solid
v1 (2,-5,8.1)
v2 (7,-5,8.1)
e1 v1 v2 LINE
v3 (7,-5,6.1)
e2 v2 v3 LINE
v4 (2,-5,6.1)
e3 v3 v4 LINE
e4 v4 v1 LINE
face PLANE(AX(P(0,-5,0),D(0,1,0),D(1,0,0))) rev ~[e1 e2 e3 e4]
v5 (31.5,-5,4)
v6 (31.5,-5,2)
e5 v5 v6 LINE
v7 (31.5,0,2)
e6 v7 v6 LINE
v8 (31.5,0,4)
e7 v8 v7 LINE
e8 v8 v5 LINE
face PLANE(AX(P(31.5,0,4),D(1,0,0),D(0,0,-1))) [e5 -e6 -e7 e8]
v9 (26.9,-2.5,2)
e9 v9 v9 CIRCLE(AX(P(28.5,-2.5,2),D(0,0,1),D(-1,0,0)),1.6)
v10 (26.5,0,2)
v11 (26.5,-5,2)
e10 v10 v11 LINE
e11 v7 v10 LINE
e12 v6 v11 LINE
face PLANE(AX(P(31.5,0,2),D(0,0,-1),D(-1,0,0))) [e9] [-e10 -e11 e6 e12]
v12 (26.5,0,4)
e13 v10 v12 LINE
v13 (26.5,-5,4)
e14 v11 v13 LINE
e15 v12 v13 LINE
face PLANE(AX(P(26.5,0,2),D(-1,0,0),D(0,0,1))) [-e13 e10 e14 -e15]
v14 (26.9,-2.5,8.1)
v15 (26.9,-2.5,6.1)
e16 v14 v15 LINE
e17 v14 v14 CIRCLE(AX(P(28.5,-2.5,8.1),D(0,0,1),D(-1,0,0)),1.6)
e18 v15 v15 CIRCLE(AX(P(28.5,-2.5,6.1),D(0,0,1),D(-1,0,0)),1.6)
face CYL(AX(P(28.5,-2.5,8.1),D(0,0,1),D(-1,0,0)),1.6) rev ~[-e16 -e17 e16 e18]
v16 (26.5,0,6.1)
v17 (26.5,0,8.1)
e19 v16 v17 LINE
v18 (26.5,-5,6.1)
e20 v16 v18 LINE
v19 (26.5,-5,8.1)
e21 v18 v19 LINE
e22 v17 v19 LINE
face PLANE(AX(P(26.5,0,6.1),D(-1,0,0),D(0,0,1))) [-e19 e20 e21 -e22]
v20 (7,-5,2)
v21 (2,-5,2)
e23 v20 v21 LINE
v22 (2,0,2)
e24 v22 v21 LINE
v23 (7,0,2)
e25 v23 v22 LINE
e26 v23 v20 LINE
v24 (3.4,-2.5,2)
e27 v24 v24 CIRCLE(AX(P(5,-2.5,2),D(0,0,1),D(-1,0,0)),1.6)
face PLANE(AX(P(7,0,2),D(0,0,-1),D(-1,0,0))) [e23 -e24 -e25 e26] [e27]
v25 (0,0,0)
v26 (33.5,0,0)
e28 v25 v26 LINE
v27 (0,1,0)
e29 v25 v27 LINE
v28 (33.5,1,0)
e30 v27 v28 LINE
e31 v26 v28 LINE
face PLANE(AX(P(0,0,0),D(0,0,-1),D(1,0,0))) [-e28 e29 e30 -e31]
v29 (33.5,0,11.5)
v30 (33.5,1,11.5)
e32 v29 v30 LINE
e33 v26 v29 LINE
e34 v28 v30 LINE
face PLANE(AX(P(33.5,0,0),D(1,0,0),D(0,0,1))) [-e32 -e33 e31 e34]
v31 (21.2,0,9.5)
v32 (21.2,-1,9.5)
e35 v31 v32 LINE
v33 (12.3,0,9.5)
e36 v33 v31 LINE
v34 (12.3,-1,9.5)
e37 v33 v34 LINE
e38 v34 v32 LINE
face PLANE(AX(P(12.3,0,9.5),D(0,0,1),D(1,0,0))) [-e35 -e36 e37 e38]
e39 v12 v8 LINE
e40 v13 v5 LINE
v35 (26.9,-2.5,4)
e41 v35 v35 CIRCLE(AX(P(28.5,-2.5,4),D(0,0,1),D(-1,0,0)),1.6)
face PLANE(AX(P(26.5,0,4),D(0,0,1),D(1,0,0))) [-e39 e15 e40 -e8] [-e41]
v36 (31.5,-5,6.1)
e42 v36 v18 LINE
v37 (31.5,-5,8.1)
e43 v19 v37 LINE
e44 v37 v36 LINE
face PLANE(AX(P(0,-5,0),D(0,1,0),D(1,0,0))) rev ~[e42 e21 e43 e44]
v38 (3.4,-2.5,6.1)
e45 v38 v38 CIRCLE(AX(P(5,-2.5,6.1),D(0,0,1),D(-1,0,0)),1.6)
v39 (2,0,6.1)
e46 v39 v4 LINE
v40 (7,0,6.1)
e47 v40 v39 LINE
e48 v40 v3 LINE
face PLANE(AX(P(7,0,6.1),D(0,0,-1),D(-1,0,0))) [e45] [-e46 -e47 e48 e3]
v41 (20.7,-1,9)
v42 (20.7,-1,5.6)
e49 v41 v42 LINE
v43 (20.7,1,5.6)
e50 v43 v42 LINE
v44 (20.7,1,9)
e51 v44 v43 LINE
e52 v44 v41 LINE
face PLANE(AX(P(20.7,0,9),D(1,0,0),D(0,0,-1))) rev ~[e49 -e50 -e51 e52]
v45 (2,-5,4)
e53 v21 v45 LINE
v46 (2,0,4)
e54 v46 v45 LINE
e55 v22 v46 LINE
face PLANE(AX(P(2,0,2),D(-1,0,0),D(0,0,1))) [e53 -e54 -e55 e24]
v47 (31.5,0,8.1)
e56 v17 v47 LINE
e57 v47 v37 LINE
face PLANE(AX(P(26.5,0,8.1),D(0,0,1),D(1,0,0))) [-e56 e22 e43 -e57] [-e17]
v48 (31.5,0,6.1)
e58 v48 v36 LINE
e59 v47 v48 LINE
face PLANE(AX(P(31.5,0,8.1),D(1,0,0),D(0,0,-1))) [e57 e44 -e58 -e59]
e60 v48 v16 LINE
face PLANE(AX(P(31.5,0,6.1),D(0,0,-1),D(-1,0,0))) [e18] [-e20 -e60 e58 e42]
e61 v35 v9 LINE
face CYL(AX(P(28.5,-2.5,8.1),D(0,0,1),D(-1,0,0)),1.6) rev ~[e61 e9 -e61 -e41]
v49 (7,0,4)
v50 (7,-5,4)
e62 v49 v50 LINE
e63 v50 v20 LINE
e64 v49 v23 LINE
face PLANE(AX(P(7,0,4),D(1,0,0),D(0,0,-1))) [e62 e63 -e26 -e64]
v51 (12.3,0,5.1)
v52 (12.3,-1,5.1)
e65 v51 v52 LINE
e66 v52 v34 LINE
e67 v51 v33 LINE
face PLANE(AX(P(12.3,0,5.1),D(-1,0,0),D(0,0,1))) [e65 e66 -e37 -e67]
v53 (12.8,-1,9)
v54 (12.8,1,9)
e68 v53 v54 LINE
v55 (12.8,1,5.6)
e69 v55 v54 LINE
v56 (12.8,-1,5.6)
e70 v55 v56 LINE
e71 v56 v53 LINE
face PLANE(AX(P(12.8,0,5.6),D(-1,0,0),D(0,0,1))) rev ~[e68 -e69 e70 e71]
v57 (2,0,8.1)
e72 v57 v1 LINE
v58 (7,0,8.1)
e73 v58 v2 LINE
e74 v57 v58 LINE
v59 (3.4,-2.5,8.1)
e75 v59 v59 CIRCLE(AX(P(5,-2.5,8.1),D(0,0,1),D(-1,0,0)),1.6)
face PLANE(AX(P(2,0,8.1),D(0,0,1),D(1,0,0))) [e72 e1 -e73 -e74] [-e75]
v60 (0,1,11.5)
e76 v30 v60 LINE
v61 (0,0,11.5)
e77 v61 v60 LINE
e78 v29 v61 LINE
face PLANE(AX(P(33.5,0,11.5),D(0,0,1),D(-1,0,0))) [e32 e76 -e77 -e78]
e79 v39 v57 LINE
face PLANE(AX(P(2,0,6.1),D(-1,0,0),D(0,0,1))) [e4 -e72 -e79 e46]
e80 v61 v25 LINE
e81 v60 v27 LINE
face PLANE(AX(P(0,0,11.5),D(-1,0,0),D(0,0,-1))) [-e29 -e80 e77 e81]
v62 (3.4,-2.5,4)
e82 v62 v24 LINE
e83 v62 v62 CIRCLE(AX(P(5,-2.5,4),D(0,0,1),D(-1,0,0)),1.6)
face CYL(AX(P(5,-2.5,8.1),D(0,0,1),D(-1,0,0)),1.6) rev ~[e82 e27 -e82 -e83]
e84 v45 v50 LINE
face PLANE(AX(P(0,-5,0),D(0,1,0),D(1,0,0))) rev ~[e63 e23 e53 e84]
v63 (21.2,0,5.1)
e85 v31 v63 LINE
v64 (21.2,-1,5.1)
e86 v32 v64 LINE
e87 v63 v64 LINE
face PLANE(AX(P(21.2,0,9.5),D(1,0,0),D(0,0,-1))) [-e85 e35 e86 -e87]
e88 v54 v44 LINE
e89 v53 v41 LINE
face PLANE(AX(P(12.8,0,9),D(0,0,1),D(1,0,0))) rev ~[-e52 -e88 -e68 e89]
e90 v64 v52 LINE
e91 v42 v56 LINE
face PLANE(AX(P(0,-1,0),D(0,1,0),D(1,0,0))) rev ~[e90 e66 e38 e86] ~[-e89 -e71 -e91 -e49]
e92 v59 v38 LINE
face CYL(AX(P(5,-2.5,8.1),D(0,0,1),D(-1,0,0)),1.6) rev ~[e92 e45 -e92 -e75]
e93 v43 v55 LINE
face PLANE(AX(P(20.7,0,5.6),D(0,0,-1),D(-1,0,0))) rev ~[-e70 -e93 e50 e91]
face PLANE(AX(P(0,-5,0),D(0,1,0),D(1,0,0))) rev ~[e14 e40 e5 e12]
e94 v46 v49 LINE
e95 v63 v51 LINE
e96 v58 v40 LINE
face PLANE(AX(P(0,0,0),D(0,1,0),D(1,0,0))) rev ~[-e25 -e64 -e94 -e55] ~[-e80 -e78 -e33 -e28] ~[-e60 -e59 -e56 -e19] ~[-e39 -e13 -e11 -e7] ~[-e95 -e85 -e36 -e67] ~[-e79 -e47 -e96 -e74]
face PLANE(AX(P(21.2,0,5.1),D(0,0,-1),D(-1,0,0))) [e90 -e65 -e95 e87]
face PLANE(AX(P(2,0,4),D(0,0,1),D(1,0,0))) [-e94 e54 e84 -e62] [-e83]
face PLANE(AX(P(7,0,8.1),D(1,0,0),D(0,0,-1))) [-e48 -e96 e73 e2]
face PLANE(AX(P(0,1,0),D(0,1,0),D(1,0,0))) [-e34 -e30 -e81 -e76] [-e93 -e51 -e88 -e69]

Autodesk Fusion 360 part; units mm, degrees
sketch "Sketch1" plane through (0, 0, 0) normal (0, 1, 0) x (1, 0, 0)
  line L0 (0, 0) -> (33.5, 0)
  line L1 (33.5, 0) -> (33.5, -11.5)
  line L2 (33.5, -11.5) -> (0, -11.5)
  line L3 (0, -11.5) -> (0, 0)
  line L4 (12.8, -9) -> (20.7, -9)
  line L5 (20.7, -9) -> (20.7, -5.6)
  line L6 (20.7, -5.6) -> (12.8, -5.6)
  line L7 (12.8, -5.6) -> (12.8, -9)
  line L8 (12.3, -9.5) -> (21.2, -9.5)
  line L9 (21.2, -9.5) -> (21.2, -5.1)
  line L10 (21.2, -5.1) -> (12.3, -5.1)
  line L11 (12.3, -5.1) -> (12.3, -9.5)
  line L12 (3.5, -5.8) -> (6.5, -5.8)
  line L13 (6.5, -5.8) -> (6.5, -4.3)
  line L14 (6.5, -4.3) -> (3.5, -4.3)
  line L15 (3.5, -4.3) -> (3.5, -5.8)
  line L16 (27, -5.8) -> (30, -5.8)
  line L17 (30, -5.8) -> (30, -4.3)
  line L18 (30, -4.3) -> (27, -4.3)
  line L19 (27, -4.3) -> (27, -5.8)
  line L20 (2, -8.1) -> (7, -8.1)
  line L21 (7, -8.1) -> (7, -6.1)
  line L22 (7, -6.1) -> (2, -6.1)
  line L23 (2, -6.1) -> (2, -8.1)
  line L24 (2, -4) -> (7, -4)
  line L25 (7, -4) -> (7, -2)
  line L26 (7, -2) -> (2, -2)
  line L27 (2, -2) -> (2, -4)
  line L28 (26.5, -8.1) -> (31.5, -8.1)
  line L29 (31.5, -8.1) -> (31.5, -6.1)
  line L30 (31.5, -6.1) -> (26.5, -6.1)
  line L31 (26.5, -6.1) -> (26.5, -8.1)
  line L32 (26.5, -4) -> (31.5, -4)
  line L33 (31.5, -4) -> (31.5, -2)
  line L34 (31.5, -2) -> (26.5, -2)
  line L35 (26.5, -2) -> (26.5, -4)
  dimension "d1" = 7.9
  dimension "d2" = 3.4
  dimension "d3" = 8.9
  dimension "d4" = 4.4
  dimension "d5" = 0.5
  dimension "d6" = 0.5
  dimension "d7" = 3
  dimension "d8" = 1.5
  dimension "d9" = 3
  dimension "d10" = 1.5
  dimension "d12" = 0.2
  dimension "d14" = 0.2
  dimension "d15" = 5
  dimension "d16" = 2
  dimension "d17" = 0.3
  dimension "d18" = 1.5
  dimension "d19" = 5
  dimension "d20" = 2
  dimension "d21" = 1.5
  dimension "d22" = 0.3
  dimension "d23" = 5
  dimension "d24" = 2
  dimension "d25" = 5
  dimension "d26" = 2
  dimension "d27" = 0.5
  dimension "d28" = 0.3
  dimension "d29" = 0.3
  dimension "d30" = 0.5
  dimension "d31" = 2
  dimension "d32" = 2
  dimension "d33" = 2
  dimension "d34" = 2
  dimension "d49" = 20.5
  dimension "d50" = 6.3
extrude "Extrude1" add sketch "Sketch1" along normal blind 1 contours L0 L1 L2 L3 | L8 L9 L10 L11 | L12 L13 L14 L15 | L16 L17 L18 L19 | L20 L21 L22 L23 | L24 L25 L26 L27 | L28 L29 L30 L31 | L32 L33 L34 L35
extrude "Extrude2" add sketch "Sketch1" against normal blind 1 contours L8 L9 L10 L11
extrude "Extrude3" add sketch "Sketch1" against normal blind 5 contours L20 L21 L22 L23 | L24 L25 L26 L27 | L28 L29 L30 L31 | L32 L33 L34 L35
sketch "Sketch2" plane through (0, 0, 8.1) normal (0, 0, 1) x (-1, 0, 0)
  line L0 (-7, 0) -> (-2, 0)
  line L1 (-2, 0) -> (-2, 5)
  line L2 (-2, 5) -> (-7, 5)
  line L3 (-7, 5) -> (-7, 0)
  circle A0 centre (-5, 2.5) radius 1.6
  line L4 (-33.5, 0) -> (0, 0)
  circle A1 centre (-28.5, 2.5) radius 1.6
  line L5 (-31.5, 0) -> (-31.5, 5)
  line L6 (-26.5, 0) -> (-26.5, 5)
  dimension "d41" = 3.2
  dimension "d43" = 2.5
  dimension "d44" = 3.2
  dimension "d46" = 2.5
  dimension "d51" = 2
  dimension "d52" = 2
extrude "Extrude4" cut sketch "Sketch2" against normal blind 8 contours A0 | A1
equation "d50 = 5.8 mm + 0.5 mm"
